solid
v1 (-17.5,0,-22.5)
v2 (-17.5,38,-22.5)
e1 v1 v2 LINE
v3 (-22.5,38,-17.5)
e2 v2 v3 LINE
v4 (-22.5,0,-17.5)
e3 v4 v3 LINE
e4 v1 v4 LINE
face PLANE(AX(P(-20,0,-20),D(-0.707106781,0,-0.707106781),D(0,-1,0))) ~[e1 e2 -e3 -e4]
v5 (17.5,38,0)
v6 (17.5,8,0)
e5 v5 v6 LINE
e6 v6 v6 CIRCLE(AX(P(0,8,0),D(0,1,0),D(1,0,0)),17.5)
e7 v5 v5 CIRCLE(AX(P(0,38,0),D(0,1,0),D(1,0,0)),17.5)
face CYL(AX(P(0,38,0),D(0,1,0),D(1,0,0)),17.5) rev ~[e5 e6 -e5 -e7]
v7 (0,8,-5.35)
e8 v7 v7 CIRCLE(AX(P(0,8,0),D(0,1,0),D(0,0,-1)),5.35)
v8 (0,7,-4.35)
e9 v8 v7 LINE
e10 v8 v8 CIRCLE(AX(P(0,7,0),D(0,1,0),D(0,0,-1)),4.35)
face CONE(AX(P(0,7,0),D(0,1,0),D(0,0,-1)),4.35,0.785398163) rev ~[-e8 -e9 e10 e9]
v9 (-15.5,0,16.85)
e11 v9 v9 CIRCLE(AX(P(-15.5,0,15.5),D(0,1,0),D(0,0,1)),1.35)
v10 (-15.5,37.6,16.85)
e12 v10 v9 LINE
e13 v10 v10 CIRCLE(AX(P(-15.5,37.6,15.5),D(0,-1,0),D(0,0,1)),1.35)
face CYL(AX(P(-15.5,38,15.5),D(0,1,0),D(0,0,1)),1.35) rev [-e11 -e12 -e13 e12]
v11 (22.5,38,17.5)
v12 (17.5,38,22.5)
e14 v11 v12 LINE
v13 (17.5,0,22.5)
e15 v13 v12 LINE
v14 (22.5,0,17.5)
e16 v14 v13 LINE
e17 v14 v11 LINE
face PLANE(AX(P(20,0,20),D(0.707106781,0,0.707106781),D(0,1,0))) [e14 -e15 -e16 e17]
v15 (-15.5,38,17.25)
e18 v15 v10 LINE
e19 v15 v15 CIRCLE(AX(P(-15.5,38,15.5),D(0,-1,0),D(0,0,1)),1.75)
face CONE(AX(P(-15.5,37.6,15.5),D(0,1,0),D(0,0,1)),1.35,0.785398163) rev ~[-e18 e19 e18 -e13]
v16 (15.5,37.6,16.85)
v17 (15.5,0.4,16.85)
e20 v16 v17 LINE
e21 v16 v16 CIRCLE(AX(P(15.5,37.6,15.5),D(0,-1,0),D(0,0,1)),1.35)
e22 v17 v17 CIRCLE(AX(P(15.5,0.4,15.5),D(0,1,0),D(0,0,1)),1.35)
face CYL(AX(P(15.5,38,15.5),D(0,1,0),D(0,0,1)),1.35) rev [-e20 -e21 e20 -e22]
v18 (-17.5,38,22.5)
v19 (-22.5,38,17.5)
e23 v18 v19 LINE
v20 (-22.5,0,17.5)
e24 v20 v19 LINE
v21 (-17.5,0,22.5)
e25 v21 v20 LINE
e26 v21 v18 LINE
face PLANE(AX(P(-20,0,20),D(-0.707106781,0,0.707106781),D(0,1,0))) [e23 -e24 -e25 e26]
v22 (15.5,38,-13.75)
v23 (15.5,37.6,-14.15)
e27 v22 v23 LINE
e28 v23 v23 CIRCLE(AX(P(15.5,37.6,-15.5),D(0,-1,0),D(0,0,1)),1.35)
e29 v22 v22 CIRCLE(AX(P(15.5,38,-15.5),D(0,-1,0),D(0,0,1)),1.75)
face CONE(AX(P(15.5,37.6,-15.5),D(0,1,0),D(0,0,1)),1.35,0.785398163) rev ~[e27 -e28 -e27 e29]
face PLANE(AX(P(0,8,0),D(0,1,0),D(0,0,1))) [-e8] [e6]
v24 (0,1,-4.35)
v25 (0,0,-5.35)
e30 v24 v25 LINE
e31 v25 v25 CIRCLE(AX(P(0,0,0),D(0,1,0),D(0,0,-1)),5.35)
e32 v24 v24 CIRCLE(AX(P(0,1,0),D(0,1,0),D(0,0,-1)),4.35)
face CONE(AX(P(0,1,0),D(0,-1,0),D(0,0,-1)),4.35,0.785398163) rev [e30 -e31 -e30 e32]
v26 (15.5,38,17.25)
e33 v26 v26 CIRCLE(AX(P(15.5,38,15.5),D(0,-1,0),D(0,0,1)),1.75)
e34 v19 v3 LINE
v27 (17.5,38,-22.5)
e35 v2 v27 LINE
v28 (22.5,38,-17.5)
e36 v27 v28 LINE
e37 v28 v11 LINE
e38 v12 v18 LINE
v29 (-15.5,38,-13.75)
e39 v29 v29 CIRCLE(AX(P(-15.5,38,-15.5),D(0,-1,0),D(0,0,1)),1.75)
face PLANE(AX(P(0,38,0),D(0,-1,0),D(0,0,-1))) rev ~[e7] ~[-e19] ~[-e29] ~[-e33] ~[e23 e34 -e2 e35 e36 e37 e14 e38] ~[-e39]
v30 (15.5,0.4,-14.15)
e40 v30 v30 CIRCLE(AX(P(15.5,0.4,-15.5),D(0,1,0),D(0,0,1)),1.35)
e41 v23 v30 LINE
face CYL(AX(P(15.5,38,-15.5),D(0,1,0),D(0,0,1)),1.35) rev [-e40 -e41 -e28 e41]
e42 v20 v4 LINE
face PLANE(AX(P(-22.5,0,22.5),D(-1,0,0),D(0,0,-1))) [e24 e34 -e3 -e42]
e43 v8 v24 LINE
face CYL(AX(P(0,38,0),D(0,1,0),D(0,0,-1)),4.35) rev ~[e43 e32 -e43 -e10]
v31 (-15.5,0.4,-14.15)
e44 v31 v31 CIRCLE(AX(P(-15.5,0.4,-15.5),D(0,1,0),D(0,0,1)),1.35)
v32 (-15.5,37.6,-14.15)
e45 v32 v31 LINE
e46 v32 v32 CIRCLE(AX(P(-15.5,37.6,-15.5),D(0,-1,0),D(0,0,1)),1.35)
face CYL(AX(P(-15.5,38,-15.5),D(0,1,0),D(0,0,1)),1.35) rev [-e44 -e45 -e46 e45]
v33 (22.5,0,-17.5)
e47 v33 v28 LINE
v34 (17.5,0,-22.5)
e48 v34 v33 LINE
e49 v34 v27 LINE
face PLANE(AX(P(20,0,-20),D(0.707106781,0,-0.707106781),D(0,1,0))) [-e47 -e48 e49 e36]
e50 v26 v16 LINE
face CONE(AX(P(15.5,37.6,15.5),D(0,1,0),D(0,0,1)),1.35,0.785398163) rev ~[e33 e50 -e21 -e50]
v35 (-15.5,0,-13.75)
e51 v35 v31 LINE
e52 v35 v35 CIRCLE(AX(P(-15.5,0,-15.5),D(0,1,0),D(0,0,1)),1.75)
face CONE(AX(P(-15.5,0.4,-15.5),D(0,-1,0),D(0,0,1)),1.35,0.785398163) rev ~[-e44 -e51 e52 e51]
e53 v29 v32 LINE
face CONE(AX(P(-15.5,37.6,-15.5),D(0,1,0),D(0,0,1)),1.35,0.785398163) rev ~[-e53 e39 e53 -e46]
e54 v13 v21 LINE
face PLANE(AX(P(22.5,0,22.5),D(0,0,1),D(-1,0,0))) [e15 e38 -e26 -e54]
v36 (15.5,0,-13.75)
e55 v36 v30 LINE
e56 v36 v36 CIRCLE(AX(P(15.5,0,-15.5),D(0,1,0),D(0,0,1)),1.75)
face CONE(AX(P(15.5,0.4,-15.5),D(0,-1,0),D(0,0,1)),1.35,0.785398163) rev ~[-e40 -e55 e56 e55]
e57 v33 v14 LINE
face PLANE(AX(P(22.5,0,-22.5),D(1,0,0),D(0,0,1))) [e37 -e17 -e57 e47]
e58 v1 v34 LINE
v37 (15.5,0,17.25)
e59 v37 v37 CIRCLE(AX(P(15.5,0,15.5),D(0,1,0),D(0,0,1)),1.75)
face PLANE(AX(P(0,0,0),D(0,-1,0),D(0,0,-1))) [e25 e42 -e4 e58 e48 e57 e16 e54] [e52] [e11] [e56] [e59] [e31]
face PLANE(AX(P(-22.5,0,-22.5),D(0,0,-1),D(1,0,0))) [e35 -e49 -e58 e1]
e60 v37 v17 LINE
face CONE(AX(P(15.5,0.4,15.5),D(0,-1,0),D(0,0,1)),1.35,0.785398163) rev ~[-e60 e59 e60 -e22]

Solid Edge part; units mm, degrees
sketch "Sketch1" plane through (0, 0, 0) normal (0, -1, 0) x (1, 0, 0)
  line L0 (-22.5, -22.5) -> (22.5, -22.5)
  line L1 (22.5, -22.5) -> (22.5, 22.5)
  line L2 (22.5, 22.5) -> (-22.5, 22.5)
  line L3 (-22.5, 22.5) -> (-22.5, -22.5)
  dimension "D1" = 45
extrude "Protrusion1" add sketch "Sketch1" against normal blind 38
chamfer "Chamfer_1" distance 5 angle 45 4 edges at (22.5, 19, 22.5) (22.5, 19, -22.5) (-22.5, 19, 22.5) (-22.5, 19, -22.5)
hole "Hole1" at (-15.5, 38, 15.5) direction (0, -1, 0) diameter 2.7 end up to next
hole "Hole2" at (-15.5, 38, -15.5) direction (0, -1, 0) diameter 2.7 end up to next
hole "Hole3" at (15.5, 38, -15.5) direction (0, -1, 0) diameter 2.7 end up to next
hole "Hole4" at (15.5, 38, 15.5) direction (0, -1, 0) diameter 2.7 end up to next
sketch "Sketch2" plane through (0, 38, 0) normal (0, 1, 0) x (0, 0, -1)
  circle A0 centre (0, 0) radius 4.35
  dimension "D1" = 8.7
extrude "Cutout1" cut sketch "Sketch2" against normal up to next
chamfer "Chamfer1" distance 1 angle 45 1 edges at (0, 38, 4.35)
chamfer "Fase_3" distance 1 angle 45 1 edges at (0, 0, 4.35)
chamfer "Fase_5" distance 0.4 angle 45 7 edges at (-15.5, 38, -14.15) (-15.5, 38, 16.85) (15.5, 38, -14.15) (15.5, 38, 16.85) (15.5, 0, 16.85) (15.5, 0, -14.15) (-15.5, 0, -14.15)
sketch "Sketch3" plane through (0, 38, 0) normal (0, 1, 0) x (1, 0, 0)
  circle A0 centre (0, 0) radius 17.5
  dimension "D1" = 35
extrude "Extrusionsausschnitt_2" cut sketch "Sketch3" against normal blind 30
chamfer "Fase_6" distance 1 angle 45 1 edges at (0, 8, 4.35)
properties material "Nylon, allgemein"
